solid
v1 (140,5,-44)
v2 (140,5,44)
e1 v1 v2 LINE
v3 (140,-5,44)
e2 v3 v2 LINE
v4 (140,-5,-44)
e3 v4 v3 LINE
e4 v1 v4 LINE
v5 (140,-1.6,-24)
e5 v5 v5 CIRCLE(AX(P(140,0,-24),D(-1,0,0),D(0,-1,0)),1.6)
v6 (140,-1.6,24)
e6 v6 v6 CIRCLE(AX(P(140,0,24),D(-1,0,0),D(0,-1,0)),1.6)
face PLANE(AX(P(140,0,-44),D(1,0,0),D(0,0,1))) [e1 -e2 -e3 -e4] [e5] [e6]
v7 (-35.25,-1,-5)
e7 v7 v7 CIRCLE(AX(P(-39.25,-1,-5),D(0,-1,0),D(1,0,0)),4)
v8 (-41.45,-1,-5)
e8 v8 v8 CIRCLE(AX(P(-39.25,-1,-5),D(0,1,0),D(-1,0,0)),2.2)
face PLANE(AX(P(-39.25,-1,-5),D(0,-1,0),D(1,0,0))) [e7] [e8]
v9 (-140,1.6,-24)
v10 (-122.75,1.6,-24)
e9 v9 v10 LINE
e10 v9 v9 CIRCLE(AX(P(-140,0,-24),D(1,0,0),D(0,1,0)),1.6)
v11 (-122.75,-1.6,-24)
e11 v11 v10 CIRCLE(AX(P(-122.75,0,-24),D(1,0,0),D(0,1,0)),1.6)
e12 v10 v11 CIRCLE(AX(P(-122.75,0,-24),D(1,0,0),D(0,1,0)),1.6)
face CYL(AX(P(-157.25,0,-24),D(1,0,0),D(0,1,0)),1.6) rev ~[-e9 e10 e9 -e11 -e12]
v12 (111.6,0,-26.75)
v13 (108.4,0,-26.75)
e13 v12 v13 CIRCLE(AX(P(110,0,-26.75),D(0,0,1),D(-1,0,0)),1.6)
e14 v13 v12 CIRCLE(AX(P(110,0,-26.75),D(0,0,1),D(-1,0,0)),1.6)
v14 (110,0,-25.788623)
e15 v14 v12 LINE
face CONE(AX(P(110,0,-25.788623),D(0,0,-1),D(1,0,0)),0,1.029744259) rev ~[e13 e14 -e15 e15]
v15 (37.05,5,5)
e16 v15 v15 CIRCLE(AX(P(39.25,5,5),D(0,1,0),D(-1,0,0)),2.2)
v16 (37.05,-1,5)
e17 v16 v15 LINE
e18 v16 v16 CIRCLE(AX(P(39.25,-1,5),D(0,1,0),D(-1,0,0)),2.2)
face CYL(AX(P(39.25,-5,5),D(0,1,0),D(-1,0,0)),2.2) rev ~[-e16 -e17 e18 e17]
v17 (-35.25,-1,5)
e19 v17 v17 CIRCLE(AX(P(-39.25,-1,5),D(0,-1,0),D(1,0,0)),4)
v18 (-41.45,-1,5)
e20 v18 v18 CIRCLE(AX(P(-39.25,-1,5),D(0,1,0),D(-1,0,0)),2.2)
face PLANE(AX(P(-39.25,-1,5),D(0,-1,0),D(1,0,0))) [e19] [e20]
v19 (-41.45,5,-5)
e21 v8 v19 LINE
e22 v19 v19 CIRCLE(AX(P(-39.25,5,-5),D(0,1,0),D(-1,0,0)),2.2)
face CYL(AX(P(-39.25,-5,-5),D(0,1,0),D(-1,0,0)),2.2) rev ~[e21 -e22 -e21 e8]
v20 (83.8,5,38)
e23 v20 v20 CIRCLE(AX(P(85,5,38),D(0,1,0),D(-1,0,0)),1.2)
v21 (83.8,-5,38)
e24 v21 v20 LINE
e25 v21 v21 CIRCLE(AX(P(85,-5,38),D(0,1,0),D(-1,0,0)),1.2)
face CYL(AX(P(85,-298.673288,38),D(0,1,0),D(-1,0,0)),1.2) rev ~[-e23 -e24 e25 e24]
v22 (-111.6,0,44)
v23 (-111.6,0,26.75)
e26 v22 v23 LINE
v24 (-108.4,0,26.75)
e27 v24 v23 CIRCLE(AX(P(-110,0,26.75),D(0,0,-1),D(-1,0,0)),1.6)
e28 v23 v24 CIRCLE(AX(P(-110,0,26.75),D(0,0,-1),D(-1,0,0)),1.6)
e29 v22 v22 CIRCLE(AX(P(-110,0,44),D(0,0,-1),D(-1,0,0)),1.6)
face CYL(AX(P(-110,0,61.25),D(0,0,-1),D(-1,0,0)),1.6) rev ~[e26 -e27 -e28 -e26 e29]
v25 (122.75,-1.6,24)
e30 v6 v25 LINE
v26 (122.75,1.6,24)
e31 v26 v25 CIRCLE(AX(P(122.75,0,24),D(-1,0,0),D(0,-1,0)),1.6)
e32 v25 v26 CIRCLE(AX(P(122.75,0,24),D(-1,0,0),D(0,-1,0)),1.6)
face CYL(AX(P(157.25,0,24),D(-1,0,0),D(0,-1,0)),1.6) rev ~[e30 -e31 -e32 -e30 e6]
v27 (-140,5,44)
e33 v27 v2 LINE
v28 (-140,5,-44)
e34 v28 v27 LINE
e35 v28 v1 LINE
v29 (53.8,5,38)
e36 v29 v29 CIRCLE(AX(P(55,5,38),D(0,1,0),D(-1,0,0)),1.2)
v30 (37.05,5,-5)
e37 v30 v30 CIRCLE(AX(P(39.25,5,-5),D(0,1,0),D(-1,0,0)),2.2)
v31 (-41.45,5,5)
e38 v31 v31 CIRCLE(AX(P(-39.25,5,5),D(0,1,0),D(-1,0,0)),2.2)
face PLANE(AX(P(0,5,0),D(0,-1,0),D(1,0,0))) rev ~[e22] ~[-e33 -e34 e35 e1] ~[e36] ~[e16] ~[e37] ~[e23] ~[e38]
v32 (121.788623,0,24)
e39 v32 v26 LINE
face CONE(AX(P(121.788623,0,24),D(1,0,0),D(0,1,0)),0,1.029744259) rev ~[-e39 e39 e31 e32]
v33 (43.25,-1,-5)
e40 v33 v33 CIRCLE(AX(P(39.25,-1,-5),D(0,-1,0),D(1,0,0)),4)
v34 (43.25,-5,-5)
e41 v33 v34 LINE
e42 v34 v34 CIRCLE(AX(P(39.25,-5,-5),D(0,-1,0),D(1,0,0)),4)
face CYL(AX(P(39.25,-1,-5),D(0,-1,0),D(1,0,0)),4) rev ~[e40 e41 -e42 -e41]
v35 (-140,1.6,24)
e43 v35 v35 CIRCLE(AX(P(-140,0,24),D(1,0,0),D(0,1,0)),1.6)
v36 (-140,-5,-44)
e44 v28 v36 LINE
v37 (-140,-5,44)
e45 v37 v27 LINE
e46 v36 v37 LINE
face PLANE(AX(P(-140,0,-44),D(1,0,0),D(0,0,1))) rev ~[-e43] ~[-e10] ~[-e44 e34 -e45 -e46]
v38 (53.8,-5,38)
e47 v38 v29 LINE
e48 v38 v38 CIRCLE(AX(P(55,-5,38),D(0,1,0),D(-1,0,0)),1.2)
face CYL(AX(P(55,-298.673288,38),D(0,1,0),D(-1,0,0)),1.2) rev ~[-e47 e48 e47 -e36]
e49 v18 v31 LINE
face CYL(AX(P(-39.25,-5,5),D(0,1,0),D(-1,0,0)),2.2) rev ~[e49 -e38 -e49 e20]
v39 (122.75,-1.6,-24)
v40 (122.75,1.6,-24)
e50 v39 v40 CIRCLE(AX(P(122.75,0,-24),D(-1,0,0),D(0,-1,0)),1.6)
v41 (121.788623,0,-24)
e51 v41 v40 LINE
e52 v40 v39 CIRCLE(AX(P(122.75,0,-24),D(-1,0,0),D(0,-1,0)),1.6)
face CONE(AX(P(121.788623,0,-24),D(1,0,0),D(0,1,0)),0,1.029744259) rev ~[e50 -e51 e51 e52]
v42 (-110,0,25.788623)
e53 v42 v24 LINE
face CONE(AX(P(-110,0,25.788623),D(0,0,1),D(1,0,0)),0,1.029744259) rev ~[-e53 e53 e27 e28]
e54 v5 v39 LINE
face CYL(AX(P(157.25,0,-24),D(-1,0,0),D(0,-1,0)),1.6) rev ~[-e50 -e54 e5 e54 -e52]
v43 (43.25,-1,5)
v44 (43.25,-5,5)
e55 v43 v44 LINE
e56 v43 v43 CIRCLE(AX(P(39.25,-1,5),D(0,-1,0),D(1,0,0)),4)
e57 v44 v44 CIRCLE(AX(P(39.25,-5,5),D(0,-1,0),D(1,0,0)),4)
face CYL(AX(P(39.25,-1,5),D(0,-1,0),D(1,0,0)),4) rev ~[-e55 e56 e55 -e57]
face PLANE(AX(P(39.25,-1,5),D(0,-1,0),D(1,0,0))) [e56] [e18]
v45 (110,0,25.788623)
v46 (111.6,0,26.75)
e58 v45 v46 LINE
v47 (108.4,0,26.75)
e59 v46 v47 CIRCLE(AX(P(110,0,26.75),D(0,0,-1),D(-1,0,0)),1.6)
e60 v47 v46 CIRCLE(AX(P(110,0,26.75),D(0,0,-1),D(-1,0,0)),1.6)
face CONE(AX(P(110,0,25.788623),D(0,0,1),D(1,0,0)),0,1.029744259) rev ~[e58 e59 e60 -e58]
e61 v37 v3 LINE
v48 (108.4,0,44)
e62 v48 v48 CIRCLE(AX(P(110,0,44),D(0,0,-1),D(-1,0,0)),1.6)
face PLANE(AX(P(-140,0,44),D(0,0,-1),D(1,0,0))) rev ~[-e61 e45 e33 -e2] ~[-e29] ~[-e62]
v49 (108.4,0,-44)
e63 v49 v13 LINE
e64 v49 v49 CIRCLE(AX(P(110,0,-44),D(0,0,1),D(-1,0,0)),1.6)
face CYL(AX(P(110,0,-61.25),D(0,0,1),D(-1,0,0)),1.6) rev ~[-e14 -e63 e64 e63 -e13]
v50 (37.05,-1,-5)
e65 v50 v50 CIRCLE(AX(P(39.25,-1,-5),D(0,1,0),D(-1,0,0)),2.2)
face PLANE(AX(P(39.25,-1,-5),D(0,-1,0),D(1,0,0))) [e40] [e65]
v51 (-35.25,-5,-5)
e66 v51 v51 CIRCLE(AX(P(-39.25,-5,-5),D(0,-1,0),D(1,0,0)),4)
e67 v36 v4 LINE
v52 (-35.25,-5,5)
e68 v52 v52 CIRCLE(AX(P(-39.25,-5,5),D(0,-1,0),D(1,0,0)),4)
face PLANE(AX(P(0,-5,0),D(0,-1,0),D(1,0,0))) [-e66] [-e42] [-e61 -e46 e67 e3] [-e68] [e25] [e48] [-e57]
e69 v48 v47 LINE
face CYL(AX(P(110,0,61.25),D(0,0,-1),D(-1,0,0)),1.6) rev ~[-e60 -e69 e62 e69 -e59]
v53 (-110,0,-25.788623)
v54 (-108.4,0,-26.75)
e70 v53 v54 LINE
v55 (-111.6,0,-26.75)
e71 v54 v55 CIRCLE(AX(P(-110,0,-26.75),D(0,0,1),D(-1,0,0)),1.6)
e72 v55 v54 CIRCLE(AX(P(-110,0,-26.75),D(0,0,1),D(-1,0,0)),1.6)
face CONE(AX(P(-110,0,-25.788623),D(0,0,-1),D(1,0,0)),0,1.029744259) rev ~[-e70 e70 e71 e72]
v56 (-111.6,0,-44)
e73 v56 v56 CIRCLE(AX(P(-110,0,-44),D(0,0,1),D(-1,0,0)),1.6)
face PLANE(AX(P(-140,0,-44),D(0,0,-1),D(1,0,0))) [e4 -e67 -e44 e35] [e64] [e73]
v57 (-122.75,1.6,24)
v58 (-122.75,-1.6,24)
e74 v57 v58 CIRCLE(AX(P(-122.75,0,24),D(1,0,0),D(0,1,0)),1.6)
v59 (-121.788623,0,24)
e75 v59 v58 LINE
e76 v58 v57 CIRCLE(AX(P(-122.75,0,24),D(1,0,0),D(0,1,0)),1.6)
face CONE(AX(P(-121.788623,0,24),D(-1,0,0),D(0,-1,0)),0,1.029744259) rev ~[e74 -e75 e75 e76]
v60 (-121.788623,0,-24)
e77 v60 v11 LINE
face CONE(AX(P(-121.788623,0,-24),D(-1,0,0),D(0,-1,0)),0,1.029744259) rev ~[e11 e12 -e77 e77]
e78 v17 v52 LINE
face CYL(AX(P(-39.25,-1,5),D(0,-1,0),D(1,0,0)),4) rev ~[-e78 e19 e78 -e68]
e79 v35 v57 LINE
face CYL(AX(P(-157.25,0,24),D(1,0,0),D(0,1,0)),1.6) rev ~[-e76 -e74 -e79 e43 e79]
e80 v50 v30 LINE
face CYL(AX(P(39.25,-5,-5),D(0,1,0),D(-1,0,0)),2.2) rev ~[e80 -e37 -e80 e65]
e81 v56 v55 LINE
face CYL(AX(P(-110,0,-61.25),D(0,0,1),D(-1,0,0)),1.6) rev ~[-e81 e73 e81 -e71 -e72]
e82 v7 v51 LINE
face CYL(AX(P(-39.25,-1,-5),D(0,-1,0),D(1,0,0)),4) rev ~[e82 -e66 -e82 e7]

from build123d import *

# Parameters (mm, degrees)
F0_W           = 280
F0_H           = 88
F1_DEPTH       = 5
F6_D           = 3.2
F6_DEPTH       = 17.25
F6_TIP         = 0.9613769904
F6_ON_F5_D     = 3.2
F6_ON_F5_DEPTH = 17.25
F6_ON_F5_TIP   = 0.9613769904
F6_ON_F3_D     = 3.2
F6_ON_F3_DEPTH = 17.25
F6_ON_F3_TIP   = 0.9613769904
F6_ON_F2_D     = 3.2
F6_ON_F2_DEPTH = 17.25
F6_ON_F2_TIP   = 0.9613769904
F8_D           = 4.4
F8_CBORE_D     = 8
F8_CBORE_DEPTH = 4
F10_D          = 2.4


with BuildPart() as f1:
    # F0 (on Front) → F1 (new body, symmetric)
    with BuildSketch(Plane.XZ):
        Rectangle(F0_W, F0_H)
    extrude(amount=F1_DEPTH, both=True)

    # F6
    with Locations(Plane.XY.offset(44)):
        with Locations((110, 0), (-110, 0)):
            Hole(F6_D / 2, depth=F6_DEPTH)
            with Locations((0, 0, -(F6_DEPTH + F6_TIP / 2))):  # 118° drill point
                Cone(0, F6_D / 2, F6_TIP, mode=Mode.SUBTRACT)

    # F6 on F5
    with Locations(Plane(origin=(0, 0, -44), x_dir=(1, 0, 0), z_dir=(0, 0, -1))):
        with Locations((-110, 0), (110, 0)):
            Hole(F6_ON_F5_D / 2, depth=F6_ON_F5_DEPTH)
            with Locations((0, 0, -(F6_ON_F5_DEPTH + F6_ON_F5_TIP / 2))):  # 118° drill point
                Cone(0, F6_ON_F5_D / 2, F6_ON_F5_TIP, mode=Mode.SUBTRACT)

    # F6 on F3
    with Locations(Plane.YZ.offset(140)):
        with Locations((0, -24), (0, 24)):
            Hole(F6_ON_F3_D / 2, depth=F6_ON_F3_DEPTH)
            with Locations((0, 0, -(F6_ON_F3_DEPTH + F6_ON_F3_TIP / 2))):  # 118° drill point
                Cone(0, F6_ON_F3_D / 2, F6_ON_F3_TIP, mode=Mode.SUBTRACT)

    # F6 on F2
    with Locations(Plane(origin=(-140, 0, 0), x_dir=(0, -1, 0), z_dir=(-1, 0, 0))):
        with Locations((0, -24), (0, 24)):
            Hole(F6_ON_F2_D / 2, depth=F6_ON_F2_DEPTH)
            with Locations((0, 0, -(F6_ON_F2_DEPTH + F6_ON_F2_TIP / 2))):  # 118° drill point
                Cone(0, F6_ON_F2_D / 2, F6_ON_F2_TIP, mode=Mode.SUBTRACT)

    # F8 (through all)
    with Locations(Plane.XZ.offset(5)):
        with Locations((-39.25, 5), (39.25, 5), (-39.25, -5), (39.25, -5)):
            CounterBoreHole(F8_D / 2, F8_CBORE_D / 2, F8_CBORE_DEPTH)

    # F10 (through all)
    with Locations(Plane.XZ.offset(5)):
        with Locations((85, 38), (55, 38)):
            Hole(F10_D / 2)


solid = f1.part
